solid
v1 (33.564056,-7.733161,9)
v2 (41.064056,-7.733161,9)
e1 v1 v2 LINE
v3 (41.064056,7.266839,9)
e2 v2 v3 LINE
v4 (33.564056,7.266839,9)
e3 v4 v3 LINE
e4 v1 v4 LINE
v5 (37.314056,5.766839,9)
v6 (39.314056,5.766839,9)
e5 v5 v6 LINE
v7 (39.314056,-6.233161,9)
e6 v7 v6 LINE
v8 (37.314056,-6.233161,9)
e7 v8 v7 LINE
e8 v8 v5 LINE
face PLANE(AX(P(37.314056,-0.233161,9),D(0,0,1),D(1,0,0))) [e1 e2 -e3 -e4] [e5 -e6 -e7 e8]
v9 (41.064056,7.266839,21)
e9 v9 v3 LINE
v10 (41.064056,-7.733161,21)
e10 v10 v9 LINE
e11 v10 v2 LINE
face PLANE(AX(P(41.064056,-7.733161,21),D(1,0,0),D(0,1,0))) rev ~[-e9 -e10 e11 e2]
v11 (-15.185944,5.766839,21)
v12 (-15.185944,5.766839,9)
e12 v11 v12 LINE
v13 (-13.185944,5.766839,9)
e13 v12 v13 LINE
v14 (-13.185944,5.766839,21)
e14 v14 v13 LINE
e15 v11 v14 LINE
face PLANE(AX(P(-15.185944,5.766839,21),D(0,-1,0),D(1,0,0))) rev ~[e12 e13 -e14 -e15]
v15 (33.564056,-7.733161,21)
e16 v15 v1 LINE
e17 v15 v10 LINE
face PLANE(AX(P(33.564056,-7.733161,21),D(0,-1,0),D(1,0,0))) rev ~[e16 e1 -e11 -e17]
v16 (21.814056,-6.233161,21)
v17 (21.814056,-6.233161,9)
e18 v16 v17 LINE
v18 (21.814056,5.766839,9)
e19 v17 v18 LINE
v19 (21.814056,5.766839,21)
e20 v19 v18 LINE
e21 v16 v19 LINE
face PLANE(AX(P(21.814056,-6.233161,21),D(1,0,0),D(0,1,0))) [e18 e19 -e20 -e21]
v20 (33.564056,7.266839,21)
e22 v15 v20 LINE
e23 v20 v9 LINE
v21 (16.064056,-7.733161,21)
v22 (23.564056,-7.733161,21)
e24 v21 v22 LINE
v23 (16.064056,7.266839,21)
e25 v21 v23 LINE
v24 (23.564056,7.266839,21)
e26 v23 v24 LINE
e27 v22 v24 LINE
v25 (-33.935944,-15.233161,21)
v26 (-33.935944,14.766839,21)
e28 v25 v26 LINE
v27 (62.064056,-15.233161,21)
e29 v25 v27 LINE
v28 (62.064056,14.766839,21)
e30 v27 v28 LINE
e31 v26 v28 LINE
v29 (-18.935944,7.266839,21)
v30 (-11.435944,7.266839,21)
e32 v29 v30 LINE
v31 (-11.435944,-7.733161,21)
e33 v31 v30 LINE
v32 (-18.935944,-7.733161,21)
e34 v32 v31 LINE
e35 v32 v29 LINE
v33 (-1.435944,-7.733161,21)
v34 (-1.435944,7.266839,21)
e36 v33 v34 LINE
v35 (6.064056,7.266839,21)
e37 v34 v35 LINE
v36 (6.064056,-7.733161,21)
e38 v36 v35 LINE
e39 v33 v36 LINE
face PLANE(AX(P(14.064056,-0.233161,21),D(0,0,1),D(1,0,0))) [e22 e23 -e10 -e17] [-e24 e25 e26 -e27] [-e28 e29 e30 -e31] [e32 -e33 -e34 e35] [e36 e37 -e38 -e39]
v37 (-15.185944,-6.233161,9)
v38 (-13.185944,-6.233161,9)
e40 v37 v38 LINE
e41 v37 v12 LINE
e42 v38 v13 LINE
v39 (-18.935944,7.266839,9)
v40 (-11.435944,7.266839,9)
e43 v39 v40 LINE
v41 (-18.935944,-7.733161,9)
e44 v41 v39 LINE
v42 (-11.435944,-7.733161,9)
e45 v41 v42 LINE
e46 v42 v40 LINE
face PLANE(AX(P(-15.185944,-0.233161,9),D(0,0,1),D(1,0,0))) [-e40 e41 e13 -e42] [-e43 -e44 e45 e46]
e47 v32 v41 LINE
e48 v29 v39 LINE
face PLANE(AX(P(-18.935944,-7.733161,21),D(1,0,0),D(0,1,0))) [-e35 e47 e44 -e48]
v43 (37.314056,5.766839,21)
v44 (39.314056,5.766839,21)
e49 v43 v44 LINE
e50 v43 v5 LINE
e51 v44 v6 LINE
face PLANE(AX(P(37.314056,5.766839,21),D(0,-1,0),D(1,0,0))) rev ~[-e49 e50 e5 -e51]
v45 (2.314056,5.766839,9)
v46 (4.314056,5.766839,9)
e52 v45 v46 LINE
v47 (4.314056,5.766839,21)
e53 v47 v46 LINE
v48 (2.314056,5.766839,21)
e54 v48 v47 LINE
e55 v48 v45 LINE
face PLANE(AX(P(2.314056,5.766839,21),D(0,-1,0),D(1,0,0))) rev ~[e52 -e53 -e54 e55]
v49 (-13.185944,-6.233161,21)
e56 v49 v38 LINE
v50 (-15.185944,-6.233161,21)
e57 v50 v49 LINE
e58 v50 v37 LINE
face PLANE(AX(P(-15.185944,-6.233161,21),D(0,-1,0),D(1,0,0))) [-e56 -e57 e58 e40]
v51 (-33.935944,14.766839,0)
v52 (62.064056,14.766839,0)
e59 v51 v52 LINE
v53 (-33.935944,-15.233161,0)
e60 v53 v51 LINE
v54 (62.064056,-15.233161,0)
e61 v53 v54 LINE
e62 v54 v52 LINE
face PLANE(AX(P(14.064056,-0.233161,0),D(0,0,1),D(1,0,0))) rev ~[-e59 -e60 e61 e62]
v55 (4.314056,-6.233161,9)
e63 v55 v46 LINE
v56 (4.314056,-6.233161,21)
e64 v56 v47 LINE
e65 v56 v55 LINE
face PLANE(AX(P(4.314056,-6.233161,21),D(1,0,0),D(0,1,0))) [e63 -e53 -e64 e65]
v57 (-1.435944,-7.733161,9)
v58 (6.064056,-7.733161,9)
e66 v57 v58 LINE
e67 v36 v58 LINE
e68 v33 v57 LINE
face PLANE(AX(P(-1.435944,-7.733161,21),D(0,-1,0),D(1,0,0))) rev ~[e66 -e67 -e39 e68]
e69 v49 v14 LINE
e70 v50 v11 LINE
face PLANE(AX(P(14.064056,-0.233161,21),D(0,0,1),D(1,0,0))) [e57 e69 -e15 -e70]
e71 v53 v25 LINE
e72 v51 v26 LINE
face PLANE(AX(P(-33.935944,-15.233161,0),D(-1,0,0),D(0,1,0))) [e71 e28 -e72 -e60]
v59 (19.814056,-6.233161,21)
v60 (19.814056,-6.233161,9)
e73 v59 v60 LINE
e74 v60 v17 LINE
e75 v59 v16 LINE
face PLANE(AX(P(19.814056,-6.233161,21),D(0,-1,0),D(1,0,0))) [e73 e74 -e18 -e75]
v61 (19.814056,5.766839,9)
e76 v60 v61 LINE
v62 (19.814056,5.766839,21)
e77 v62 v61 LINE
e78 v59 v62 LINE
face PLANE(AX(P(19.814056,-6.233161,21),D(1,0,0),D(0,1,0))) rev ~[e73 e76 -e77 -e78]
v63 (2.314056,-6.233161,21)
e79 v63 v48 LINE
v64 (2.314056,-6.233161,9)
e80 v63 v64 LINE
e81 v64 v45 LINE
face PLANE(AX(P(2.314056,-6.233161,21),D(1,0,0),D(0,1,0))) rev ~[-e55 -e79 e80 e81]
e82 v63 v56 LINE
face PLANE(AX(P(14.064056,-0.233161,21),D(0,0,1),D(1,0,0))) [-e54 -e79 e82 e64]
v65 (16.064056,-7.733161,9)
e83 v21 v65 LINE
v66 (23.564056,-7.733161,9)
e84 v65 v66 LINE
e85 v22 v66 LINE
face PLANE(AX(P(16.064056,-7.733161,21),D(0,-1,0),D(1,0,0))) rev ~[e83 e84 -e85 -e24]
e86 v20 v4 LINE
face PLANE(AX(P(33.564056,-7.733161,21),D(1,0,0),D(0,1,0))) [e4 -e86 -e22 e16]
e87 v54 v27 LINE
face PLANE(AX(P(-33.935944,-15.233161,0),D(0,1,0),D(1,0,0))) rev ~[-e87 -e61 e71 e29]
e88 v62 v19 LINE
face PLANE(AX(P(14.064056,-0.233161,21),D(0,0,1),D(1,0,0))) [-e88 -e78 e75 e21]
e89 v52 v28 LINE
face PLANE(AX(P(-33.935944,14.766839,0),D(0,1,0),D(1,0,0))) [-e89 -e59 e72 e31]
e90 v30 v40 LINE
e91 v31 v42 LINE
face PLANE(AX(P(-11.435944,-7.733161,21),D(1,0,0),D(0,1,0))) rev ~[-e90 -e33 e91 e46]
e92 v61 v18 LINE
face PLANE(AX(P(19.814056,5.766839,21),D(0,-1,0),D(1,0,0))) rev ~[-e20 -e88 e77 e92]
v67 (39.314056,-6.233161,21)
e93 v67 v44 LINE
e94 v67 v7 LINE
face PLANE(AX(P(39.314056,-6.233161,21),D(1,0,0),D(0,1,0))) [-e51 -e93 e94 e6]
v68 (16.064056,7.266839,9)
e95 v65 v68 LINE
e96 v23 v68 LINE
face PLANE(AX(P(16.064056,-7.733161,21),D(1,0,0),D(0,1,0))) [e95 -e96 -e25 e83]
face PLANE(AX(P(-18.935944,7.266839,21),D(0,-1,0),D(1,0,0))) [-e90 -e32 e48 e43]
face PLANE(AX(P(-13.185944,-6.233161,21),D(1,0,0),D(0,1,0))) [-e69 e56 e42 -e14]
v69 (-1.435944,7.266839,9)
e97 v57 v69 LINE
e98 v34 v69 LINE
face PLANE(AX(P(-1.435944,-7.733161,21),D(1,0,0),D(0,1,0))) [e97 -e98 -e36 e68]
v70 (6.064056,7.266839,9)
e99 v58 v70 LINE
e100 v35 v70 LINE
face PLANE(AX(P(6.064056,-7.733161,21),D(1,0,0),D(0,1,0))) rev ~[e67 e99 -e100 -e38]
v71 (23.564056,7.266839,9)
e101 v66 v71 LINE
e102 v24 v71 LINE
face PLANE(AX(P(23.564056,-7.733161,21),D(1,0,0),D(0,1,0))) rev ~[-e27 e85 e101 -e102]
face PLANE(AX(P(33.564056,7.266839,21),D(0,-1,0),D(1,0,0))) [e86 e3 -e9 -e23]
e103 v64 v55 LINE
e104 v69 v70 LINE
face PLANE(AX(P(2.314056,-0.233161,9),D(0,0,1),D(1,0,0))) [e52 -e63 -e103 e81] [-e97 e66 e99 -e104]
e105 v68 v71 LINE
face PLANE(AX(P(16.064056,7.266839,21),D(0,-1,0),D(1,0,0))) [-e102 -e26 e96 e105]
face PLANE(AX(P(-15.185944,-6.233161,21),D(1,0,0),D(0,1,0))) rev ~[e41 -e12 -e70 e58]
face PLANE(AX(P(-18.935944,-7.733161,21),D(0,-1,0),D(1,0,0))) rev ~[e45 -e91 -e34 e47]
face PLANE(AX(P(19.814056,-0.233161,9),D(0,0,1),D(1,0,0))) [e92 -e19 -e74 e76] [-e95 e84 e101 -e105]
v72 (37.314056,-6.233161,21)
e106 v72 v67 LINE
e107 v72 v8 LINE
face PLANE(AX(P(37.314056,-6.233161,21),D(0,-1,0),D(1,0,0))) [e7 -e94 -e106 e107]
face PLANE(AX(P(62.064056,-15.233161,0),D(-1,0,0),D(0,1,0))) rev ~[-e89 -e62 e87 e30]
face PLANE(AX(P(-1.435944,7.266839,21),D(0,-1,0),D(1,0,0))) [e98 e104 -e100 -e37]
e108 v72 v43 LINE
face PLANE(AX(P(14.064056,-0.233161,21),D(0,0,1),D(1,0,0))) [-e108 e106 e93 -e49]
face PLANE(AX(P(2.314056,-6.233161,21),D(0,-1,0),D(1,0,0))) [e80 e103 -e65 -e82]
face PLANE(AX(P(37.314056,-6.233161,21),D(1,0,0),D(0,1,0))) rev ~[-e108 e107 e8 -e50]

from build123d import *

# Parameters (mm, degrees)
ESQUISSE1_W                = 96
ESQUISSE1_H                = 30
BOSS_EXTRU_1_DEPTH         = 21
ESQUISSE2_W                = 7.5
ESQUISSE2_H                = 15
ESQUISSE2_W_2              = 2
ESQUISSE2_H_2              = 12
ENL_V_MAT_EXTRU_1_DEPTH    = 12
R_P_TITION_LIN_AIRE1_COUNT = 4
R_P_TITION_LIN_AIRE1_PITCH = 17.5


with BuildPart() as part:
    # Esquisse1 → Boss.-Extru.1 (new body)
    with BuildSketch(Plane.XY):
        with Locations((14.064055763, -0.233160622)):
            Rectangle(ESQUISSE1_W, ESQUISSE1_H)
    extrude(amount=BOSS_EXTRU_1_DEPTH)

    # Esquisse2 → Enlèv. mat.-Extru.1 (cut)
    with BuildSketch(Plane.XY.offset(21)):
        with Locations((-15.185944237, -0.233160622)):
            Rectangle(ESQUISSE2_W, ESQUISSE2_H)
        with Locations((-14.185944237, -0.233160622)):
            Rectangle(ESQUISSE2_W_2, ESQUISSE2_H_2, mode=Mode.SUBTRACT)
    enl_v_mat_extru_1 = extrude(amount=-ENL_V_MAT_EXTRU_1_DEPTH, mode=Mode.SUBTRACT)

    # Répétition linéaire1: Enlèv. mat.-Extru.1 ×4
    with Locations(*[(i * R_P_TITION_LIN_AIRE1_PITCH, 0, 0) for i in range(1, R_P_TITION_LIN_AIRE1_COUNT)]):
        add(enl_v_mat_extru_1, mode=Mode.SUBTRACT)


solid = part.part
